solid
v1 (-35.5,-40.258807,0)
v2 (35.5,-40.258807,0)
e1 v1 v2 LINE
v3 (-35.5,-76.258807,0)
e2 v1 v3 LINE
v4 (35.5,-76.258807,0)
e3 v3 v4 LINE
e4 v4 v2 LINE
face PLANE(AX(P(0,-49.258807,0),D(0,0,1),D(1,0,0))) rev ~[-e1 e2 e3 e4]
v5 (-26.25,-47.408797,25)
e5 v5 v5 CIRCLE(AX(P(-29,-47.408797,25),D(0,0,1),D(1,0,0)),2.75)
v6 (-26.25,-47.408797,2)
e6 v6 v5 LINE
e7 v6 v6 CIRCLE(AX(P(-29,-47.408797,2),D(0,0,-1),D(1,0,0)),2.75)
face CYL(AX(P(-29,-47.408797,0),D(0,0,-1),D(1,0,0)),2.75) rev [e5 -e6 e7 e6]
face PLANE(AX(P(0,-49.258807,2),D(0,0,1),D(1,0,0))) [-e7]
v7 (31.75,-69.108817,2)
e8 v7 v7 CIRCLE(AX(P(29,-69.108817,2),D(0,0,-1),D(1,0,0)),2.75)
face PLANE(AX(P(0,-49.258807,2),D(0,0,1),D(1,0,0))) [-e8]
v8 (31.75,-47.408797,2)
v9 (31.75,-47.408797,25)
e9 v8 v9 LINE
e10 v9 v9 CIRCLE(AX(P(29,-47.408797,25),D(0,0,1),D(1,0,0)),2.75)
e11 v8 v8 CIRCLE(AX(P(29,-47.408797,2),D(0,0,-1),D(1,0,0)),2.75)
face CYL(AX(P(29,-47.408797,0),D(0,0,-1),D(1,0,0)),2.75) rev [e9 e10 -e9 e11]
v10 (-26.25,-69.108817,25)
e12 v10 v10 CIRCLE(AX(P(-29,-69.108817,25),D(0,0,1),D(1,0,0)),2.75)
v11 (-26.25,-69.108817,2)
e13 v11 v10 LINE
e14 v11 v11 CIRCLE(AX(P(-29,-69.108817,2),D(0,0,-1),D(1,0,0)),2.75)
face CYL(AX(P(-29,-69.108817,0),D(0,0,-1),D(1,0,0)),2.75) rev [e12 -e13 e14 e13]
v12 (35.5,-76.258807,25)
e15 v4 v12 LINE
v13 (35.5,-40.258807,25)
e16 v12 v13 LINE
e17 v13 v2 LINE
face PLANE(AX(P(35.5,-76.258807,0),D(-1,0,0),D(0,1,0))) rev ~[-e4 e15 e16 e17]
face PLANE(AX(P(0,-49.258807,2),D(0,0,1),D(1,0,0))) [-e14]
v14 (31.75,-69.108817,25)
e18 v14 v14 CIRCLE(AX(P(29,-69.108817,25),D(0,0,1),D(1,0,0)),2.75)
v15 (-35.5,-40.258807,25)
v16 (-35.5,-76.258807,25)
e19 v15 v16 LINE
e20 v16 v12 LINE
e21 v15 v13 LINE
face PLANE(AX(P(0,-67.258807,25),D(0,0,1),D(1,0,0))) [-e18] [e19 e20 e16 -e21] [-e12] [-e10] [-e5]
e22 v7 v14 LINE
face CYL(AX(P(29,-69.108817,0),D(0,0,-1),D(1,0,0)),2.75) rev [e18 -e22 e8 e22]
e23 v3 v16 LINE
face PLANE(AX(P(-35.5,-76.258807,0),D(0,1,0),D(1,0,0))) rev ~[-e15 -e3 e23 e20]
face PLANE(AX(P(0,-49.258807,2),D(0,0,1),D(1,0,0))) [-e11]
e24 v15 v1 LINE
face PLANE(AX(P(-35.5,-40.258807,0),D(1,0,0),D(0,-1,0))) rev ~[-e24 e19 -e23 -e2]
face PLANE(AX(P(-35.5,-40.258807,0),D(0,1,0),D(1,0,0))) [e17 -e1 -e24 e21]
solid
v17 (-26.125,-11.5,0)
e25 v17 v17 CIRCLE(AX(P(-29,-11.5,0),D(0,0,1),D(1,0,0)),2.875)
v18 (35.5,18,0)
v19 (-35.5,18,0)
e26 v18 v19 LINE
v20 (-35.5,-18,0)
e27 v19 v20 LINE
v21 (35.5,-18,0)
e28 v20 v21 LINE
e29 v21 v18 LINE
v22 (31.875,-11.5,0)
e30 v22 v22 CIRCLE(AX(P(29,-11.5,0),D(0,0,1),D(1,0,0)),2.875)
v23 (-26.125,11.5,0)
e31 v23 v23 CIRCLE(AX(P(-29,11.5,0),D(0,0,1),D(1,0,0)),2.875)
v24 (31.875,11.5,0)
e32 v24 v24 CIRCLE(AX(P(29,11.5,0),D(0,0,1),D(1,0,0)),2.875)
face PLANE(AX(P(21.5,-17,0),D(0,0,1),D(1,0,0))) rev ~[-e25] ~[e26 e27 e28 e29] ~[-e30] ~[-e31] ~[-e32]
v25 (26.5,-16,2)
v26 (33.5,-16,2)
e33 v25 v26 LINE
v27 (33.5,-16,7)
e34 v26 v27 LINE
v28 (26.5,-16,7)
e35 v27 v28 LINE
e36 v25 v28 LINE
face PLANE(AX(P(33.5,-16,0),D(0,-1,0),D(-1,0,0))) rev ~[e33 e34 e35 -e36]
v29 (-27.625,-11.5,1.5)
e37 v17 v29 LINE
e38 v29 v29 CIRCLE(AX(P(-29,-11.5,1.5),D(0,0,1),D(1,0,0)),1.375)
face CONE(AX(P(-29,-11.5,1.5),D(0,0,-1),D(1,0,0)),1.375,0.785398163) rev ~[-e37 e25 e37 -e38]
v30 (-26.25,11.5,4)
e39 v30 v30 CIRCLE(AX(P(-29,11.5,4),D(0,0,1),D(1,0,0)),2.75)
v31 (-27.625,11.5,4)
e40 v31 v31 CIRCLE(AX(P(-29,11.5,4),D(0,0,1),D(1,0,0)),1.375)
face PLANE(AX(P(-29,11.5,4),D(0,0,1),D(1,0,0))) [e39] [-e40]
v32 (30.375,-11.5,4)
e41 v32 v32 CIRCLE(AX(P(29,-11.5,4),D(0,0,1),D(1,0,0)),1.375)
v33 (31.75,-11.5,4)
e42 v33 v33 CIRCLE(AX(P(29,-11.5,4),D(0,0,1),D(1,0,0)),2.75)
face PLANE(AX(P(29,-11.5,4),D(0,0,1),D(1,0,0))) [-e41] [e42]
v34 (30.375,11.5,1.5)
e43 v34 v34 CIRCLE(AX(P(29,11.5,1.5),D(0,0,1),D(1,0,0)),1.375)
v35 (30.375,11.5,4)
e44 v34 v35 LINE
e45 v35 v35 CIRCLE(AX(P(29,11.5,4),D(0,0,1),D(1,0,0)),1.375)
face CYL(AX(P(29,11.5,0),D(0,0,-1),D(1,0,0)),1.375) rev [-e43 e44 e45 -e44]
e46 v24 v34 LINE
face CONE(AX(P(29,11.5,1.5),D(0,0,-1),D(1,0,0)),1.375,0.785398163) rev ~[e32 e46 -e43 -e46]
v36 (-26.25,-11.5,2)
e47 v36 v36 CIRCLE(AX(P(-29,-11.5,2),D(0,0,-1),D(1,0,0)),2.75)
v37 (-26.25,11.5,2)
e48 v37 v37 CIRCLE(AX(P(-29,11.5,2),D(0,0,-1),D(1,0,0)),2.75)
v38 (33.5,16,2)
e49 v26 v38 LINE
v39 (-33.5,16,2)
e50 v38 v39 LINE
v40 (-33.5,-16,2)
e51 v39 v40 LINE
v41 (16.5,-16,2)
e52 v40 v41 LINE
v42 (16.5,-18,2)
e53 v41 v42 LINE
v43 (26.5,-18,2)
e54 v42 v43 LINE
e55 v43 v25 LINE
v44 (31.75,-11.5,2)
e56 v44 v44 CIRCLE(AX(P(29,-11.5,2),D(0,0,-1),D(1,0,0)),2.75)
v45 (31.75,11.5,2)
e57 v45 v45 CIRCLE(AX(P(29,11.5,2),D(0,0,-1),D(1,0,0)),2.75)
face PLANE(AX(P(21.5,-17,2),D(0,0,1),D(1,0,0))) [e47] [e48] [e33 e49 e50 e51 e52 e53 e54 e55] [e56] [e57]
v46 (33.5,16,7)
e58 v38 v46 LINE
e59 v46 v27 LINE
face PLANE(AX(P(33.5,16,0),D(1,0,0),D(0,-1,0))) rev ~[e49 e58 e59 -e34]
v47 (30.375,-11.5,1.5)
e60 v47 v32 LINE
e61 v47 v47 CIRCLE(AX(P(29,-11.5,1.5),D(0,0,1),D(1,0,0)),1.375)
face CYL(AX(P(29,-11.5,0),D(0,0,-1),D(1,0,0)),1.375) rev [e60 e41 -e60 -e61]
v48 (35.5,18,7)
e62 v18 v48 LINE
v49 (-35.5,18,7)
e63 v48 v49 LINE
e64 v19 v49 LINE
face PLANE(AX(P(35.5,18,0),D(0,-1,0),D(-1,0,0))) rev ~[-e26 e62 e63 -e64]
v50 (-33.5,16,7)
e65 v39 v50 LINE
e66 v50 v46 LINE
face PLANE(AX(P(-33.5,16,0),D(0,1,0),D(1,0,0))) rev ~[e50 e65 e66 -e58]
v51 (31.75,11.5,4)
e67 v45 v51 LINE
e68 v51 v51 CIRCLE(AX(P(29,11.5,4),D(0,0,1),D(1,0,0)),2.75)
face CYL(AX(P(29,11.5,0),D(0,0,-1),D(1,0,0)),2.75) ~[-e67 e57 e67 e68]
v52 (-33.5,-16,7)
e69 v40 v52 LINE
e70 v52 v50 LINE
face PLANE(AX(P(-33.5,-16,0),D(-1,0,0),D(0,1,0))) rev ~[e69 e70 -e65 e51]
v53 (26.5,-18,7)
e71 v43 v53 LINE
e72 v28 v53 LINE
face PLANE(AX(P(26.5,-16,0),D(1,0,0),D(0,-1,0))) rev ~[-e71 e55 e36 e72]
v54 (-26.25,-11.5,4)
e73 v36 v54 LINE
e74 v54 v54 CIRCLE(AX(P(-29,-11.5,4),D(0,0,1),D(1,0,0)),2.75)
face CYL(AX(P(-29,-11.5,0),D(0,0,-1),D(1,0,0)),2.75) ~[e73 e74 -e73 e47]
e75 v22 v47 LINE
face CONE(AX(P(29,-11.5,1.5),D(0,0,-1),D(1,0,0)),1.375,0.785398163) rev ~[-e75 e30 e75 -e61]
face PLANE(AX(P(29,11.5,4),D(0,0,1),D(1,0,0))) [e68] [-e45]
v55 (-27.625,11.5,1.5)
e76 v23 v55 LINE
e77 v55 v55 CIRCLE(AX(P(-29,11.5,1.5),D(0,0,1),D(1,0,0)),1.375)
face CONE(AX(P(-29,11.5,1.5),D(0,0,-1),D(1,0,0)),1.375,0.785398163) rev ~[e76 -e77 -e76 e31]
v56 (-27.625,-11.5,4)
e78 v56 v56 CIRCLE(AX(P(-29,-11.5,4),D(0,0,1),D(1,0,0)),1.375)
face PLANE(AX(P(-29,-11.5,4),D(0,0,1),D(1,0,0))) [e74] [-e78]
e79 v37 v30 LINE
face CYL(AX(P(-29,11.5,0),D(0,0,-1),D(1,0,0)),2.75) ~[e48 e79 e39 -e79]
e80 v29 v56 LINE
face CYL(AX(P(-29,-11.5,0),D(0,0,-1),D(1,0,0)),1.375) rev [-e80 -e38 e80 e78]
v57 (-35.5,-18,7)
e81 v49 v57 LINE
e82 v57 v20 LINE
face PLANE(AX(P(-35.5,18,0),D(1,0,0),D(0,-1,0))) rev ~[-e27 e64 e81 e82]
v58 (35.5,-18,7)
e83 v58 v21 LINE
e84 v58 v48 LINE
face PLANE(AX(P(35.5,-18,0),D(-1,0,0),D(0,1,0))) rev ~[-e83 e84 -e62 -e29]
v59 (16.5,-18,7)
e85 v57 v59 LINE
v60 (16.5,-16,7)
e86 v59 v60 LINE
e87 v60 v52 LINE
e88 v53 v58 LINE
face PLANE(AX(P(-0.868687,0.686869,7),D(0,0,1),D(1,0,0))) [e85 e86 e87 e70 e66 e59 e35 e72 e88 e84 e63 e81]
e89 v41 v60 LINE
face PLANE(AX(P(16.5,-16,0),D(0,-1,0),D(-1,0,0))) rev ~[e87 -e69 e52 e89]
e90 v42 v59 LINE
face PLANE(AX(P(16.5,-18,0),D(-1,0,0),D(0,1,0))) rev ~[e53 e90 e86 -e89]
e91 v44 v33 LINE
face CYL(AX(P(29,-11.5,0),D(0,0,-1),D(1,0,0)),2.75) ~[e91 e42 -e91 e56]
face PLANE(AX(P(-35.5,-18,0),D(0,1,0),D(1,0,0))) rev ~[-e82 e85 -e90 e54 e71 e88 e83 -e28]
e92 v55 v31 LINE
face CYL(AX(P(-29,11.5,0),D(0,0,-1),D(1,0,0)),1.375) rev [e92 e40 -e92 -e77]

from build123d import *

# Parameters (mm, degrees)
F0_W     = 10
F0_H     = 2
F0_R     = 2.75
F0_R_2   = 1.375
F1_DEPTH = 2
F2_DEPTH = 7
F3_DEPTH = 4
F4_SIZE  = 1.5
F5_W     = 71
F5_H     = 18
F5_R     = 2.75
F5_R_2   = 1.375
F6_DEPTH = 2
F7_DEPTH = 25


with BuildPart() as f1:
    # F0 (on Top) → F1 (new body)
    with BuildSketch(Plane.XY):
        with Locations((21.5, -17)):
            Rectangle(F0_W, F0_H)
        Polygon((26.5, -15), (32.5, -15), (32.5, 15), (-32.5, 15), (-32.5, -15), (16.5, -15), (21.5, -15), align=None)
        with Locations((-29, -11.5)):
            Circle(F0_R, mode=Mode.SUBTRACT)
        with Locations((29, -11.5)):
            Circle(F0_R, mode=Mode.SUBTRACT)
        with Locations((-29, 11.5)):
            Circle(F0_R, mode=Mode.SUBTRACT)
        with Locations((29, 11.5)):
            Circle(F0_R, mode=Mode.SUBTRACT)
        Polygon((33.5, -16), (26.5, -16), (26.5, -18), (35.5, -18), (35.5, 18), (-35.5, 18), (-35.5, -18), (16.5, -18), (16.5, -16), (-33.5, -16), (-33.5, 16), (33.5, 16), align=None)
        Polygon((32.5, 15), (32.5, -15), (26.5, -15), (26.5, -16), (33.5, -16), (33.5, 16), (-33.5, 16), (-33.5, -16), (16.5, -16), (16.5, -15), (-32.5, -15), (-32.5, 15), align=None)
        with Locations((29, 11.5)):
            Circle(F0_R)
        with Locations((29, 11.5)):
            Circle(F0_R_2, mode=Mode.SUBTRACT)
        with Locations((29, -11.5)):
            Circle(F0_R)
        with Locations((29, -11.5)):
            Circle(F0_R_2, mode=Mode.SUBTRACT)
        Polygon((26.5, -16), (26.5, -15), (21.5, -15), (16.5, -15), (16.5, -16), align=None)
        with Locations((-29, 11.5)):
            Circle(F0_R)
        with Locations((-29, 11.5)):
            Circle(F0_R_2, mode=Mode.SUBTRACT)
        with Locations((-29, -11.5)):
            Circle(F0_R)
        with Locations((-29, -11.5)):
            Circle(F0_R_2, mode=Mode.SUBTRACT)
    extrude(amount=F1_DEPTH)

    # F0 (on Top) → F2 (join)
    with BuildSketch(Plane.XY):
        Polygon((33.5, -16), (26.5, -16), (26.5, -18), (35.5, -18), (35.5, 18), (-35.5, 18), (-35.5, -18), (16.5, -18), (16.5, -16), (-33.5, -16), (-33.5, 16), (33.5, 16), align=None)
    extrude(amount=F2_DEPTH)

    # F0 (on Top) → F3 (join)
    with BuildSketch(Plane.XY):
        with Locations((-29, -11.5)):
            Circle(F0_R)
        with Locations((-29, -11.5)):
            Circle(F0_R_2, mode=Mode.SUBTRACT)
        with Locations((-29, 11.5)):
            Circle(F0_R)
        with Locations((-29, 11.5)):
            Circle(F0_R_2, mode=Mode.SUBTRACT)
        with Locations((29, -11.5)):
            Circle(F0_R)
        with Locations((29, -11.5)):
            Circle(F0_R_2, mode=Mode.SUBTRACT)
        with Locations((29, 11.5)):
            Circle(F0_R)
        with Locations((29, 11.5)):
            Circle(F0_R_2, mode=Mode.SUBTRACT)
    extrude(amount=F3_DEPTH)

    # F4
    f4_edges = [f1.edges().sort_by_distance(p)[0] for p in [
        (-30.375, -11.5, 0),
        (-30.375, 11.5, 0),
        (27.625, -11.5, 0),
        (27.625, 11.5, 0),
    ]]
    chamfer(f4_edges, length=F4_SIZE)


with BuildPart() as f6:
    # F5 (on Top) → F6 (new body)
    with BuildSketch(Plane.XY):
        with Locations((0, -49.2588068703)):
            Rectangle(F5_W, F5_H)
        with Locations((-29, -47.4087968469)):
            Circle(F5_R, mode=Mode.SUBTRACT)
        with Locations((29, -47.4087968469)):
            Circle(F5_R, mode=Mode.SUBTRACT)
        with Locations((0, -67.2588068703)):
            Rectangle(F5_W, F5_H)
        with Locations((-29, -69.1088168938)):
            Circle(F5_R, mode=Mode.SUBTRACT)
        with Locations((29, -69.1088168938)):
            Circle(F5_R, mode=Mode.SUBTRACT)
        with Locations((-29, -47.4087968469)):
            Circle(F5_R)
        with Locations((-29, -47.4087968469)):
            Circle(F5_R_2, mode=Mode.SUBTRACT)
        with Locations((29, -47.4087968469)):
            Circle(F5_R)
        with Locations((29, -47.4087968469)):
            Circle(F5_R_2, mode=Mode.SUBTRACT)
        with Locations((-29, -69.1088168938)):
            Circle(F5_R)
        with Locations((-29, -69.1088168938)):
            Circle(F5_R_2, mode=Mode.SUBTRACT)
        with Locations((29, -69.1088168938)):
            Circle(F5_R)
        with Locations((29, -69.1088168938)):
            Circle(F5_R_2, mode=Mode.SUBTRACT)
        with Locations((-29, -47.4087968469)):
            Circle(F5_R_2)
        with Locations((29, -47.4087968469)):
            Circle(F5_R_2)
        with Locations((-29, -69.1088168938)):
            Circle(F5_R_2)
        with Locations((29, -69.1088168938)):
            Circle(F5_R_2)
    extrude(amount=F6_DEPTH)

    # F5 (on Top) → F7 (join)
    with BuildSketch(Plane.XY):
        with Locations((0, -67.2588068703)):
            Rectangle(F5_W, F5_H)
        with Locations((-29, -69.1088168938)):
            Circle(F5_R, mode=Mode.SUBTRACT)
        with Locations((29, -69.1088168938)):
            Circle(F5_R, mode=Mode.SUBTRACT)
        with Locations((0, -49.2588068703)):
            Rectangle(F5_W, F5_H)
        with Locations((-29, -47.4087968469)):
            Circle(F5_R, mode=Mode.SUBTRACT)
        with Locations((29, -47.4087968469)):
            Circle(F5_R, mode=Mode.SUBTRACT)
    extrude(amount=F7_DEPTH)


solid = Compound([f1.part, f6.part])
